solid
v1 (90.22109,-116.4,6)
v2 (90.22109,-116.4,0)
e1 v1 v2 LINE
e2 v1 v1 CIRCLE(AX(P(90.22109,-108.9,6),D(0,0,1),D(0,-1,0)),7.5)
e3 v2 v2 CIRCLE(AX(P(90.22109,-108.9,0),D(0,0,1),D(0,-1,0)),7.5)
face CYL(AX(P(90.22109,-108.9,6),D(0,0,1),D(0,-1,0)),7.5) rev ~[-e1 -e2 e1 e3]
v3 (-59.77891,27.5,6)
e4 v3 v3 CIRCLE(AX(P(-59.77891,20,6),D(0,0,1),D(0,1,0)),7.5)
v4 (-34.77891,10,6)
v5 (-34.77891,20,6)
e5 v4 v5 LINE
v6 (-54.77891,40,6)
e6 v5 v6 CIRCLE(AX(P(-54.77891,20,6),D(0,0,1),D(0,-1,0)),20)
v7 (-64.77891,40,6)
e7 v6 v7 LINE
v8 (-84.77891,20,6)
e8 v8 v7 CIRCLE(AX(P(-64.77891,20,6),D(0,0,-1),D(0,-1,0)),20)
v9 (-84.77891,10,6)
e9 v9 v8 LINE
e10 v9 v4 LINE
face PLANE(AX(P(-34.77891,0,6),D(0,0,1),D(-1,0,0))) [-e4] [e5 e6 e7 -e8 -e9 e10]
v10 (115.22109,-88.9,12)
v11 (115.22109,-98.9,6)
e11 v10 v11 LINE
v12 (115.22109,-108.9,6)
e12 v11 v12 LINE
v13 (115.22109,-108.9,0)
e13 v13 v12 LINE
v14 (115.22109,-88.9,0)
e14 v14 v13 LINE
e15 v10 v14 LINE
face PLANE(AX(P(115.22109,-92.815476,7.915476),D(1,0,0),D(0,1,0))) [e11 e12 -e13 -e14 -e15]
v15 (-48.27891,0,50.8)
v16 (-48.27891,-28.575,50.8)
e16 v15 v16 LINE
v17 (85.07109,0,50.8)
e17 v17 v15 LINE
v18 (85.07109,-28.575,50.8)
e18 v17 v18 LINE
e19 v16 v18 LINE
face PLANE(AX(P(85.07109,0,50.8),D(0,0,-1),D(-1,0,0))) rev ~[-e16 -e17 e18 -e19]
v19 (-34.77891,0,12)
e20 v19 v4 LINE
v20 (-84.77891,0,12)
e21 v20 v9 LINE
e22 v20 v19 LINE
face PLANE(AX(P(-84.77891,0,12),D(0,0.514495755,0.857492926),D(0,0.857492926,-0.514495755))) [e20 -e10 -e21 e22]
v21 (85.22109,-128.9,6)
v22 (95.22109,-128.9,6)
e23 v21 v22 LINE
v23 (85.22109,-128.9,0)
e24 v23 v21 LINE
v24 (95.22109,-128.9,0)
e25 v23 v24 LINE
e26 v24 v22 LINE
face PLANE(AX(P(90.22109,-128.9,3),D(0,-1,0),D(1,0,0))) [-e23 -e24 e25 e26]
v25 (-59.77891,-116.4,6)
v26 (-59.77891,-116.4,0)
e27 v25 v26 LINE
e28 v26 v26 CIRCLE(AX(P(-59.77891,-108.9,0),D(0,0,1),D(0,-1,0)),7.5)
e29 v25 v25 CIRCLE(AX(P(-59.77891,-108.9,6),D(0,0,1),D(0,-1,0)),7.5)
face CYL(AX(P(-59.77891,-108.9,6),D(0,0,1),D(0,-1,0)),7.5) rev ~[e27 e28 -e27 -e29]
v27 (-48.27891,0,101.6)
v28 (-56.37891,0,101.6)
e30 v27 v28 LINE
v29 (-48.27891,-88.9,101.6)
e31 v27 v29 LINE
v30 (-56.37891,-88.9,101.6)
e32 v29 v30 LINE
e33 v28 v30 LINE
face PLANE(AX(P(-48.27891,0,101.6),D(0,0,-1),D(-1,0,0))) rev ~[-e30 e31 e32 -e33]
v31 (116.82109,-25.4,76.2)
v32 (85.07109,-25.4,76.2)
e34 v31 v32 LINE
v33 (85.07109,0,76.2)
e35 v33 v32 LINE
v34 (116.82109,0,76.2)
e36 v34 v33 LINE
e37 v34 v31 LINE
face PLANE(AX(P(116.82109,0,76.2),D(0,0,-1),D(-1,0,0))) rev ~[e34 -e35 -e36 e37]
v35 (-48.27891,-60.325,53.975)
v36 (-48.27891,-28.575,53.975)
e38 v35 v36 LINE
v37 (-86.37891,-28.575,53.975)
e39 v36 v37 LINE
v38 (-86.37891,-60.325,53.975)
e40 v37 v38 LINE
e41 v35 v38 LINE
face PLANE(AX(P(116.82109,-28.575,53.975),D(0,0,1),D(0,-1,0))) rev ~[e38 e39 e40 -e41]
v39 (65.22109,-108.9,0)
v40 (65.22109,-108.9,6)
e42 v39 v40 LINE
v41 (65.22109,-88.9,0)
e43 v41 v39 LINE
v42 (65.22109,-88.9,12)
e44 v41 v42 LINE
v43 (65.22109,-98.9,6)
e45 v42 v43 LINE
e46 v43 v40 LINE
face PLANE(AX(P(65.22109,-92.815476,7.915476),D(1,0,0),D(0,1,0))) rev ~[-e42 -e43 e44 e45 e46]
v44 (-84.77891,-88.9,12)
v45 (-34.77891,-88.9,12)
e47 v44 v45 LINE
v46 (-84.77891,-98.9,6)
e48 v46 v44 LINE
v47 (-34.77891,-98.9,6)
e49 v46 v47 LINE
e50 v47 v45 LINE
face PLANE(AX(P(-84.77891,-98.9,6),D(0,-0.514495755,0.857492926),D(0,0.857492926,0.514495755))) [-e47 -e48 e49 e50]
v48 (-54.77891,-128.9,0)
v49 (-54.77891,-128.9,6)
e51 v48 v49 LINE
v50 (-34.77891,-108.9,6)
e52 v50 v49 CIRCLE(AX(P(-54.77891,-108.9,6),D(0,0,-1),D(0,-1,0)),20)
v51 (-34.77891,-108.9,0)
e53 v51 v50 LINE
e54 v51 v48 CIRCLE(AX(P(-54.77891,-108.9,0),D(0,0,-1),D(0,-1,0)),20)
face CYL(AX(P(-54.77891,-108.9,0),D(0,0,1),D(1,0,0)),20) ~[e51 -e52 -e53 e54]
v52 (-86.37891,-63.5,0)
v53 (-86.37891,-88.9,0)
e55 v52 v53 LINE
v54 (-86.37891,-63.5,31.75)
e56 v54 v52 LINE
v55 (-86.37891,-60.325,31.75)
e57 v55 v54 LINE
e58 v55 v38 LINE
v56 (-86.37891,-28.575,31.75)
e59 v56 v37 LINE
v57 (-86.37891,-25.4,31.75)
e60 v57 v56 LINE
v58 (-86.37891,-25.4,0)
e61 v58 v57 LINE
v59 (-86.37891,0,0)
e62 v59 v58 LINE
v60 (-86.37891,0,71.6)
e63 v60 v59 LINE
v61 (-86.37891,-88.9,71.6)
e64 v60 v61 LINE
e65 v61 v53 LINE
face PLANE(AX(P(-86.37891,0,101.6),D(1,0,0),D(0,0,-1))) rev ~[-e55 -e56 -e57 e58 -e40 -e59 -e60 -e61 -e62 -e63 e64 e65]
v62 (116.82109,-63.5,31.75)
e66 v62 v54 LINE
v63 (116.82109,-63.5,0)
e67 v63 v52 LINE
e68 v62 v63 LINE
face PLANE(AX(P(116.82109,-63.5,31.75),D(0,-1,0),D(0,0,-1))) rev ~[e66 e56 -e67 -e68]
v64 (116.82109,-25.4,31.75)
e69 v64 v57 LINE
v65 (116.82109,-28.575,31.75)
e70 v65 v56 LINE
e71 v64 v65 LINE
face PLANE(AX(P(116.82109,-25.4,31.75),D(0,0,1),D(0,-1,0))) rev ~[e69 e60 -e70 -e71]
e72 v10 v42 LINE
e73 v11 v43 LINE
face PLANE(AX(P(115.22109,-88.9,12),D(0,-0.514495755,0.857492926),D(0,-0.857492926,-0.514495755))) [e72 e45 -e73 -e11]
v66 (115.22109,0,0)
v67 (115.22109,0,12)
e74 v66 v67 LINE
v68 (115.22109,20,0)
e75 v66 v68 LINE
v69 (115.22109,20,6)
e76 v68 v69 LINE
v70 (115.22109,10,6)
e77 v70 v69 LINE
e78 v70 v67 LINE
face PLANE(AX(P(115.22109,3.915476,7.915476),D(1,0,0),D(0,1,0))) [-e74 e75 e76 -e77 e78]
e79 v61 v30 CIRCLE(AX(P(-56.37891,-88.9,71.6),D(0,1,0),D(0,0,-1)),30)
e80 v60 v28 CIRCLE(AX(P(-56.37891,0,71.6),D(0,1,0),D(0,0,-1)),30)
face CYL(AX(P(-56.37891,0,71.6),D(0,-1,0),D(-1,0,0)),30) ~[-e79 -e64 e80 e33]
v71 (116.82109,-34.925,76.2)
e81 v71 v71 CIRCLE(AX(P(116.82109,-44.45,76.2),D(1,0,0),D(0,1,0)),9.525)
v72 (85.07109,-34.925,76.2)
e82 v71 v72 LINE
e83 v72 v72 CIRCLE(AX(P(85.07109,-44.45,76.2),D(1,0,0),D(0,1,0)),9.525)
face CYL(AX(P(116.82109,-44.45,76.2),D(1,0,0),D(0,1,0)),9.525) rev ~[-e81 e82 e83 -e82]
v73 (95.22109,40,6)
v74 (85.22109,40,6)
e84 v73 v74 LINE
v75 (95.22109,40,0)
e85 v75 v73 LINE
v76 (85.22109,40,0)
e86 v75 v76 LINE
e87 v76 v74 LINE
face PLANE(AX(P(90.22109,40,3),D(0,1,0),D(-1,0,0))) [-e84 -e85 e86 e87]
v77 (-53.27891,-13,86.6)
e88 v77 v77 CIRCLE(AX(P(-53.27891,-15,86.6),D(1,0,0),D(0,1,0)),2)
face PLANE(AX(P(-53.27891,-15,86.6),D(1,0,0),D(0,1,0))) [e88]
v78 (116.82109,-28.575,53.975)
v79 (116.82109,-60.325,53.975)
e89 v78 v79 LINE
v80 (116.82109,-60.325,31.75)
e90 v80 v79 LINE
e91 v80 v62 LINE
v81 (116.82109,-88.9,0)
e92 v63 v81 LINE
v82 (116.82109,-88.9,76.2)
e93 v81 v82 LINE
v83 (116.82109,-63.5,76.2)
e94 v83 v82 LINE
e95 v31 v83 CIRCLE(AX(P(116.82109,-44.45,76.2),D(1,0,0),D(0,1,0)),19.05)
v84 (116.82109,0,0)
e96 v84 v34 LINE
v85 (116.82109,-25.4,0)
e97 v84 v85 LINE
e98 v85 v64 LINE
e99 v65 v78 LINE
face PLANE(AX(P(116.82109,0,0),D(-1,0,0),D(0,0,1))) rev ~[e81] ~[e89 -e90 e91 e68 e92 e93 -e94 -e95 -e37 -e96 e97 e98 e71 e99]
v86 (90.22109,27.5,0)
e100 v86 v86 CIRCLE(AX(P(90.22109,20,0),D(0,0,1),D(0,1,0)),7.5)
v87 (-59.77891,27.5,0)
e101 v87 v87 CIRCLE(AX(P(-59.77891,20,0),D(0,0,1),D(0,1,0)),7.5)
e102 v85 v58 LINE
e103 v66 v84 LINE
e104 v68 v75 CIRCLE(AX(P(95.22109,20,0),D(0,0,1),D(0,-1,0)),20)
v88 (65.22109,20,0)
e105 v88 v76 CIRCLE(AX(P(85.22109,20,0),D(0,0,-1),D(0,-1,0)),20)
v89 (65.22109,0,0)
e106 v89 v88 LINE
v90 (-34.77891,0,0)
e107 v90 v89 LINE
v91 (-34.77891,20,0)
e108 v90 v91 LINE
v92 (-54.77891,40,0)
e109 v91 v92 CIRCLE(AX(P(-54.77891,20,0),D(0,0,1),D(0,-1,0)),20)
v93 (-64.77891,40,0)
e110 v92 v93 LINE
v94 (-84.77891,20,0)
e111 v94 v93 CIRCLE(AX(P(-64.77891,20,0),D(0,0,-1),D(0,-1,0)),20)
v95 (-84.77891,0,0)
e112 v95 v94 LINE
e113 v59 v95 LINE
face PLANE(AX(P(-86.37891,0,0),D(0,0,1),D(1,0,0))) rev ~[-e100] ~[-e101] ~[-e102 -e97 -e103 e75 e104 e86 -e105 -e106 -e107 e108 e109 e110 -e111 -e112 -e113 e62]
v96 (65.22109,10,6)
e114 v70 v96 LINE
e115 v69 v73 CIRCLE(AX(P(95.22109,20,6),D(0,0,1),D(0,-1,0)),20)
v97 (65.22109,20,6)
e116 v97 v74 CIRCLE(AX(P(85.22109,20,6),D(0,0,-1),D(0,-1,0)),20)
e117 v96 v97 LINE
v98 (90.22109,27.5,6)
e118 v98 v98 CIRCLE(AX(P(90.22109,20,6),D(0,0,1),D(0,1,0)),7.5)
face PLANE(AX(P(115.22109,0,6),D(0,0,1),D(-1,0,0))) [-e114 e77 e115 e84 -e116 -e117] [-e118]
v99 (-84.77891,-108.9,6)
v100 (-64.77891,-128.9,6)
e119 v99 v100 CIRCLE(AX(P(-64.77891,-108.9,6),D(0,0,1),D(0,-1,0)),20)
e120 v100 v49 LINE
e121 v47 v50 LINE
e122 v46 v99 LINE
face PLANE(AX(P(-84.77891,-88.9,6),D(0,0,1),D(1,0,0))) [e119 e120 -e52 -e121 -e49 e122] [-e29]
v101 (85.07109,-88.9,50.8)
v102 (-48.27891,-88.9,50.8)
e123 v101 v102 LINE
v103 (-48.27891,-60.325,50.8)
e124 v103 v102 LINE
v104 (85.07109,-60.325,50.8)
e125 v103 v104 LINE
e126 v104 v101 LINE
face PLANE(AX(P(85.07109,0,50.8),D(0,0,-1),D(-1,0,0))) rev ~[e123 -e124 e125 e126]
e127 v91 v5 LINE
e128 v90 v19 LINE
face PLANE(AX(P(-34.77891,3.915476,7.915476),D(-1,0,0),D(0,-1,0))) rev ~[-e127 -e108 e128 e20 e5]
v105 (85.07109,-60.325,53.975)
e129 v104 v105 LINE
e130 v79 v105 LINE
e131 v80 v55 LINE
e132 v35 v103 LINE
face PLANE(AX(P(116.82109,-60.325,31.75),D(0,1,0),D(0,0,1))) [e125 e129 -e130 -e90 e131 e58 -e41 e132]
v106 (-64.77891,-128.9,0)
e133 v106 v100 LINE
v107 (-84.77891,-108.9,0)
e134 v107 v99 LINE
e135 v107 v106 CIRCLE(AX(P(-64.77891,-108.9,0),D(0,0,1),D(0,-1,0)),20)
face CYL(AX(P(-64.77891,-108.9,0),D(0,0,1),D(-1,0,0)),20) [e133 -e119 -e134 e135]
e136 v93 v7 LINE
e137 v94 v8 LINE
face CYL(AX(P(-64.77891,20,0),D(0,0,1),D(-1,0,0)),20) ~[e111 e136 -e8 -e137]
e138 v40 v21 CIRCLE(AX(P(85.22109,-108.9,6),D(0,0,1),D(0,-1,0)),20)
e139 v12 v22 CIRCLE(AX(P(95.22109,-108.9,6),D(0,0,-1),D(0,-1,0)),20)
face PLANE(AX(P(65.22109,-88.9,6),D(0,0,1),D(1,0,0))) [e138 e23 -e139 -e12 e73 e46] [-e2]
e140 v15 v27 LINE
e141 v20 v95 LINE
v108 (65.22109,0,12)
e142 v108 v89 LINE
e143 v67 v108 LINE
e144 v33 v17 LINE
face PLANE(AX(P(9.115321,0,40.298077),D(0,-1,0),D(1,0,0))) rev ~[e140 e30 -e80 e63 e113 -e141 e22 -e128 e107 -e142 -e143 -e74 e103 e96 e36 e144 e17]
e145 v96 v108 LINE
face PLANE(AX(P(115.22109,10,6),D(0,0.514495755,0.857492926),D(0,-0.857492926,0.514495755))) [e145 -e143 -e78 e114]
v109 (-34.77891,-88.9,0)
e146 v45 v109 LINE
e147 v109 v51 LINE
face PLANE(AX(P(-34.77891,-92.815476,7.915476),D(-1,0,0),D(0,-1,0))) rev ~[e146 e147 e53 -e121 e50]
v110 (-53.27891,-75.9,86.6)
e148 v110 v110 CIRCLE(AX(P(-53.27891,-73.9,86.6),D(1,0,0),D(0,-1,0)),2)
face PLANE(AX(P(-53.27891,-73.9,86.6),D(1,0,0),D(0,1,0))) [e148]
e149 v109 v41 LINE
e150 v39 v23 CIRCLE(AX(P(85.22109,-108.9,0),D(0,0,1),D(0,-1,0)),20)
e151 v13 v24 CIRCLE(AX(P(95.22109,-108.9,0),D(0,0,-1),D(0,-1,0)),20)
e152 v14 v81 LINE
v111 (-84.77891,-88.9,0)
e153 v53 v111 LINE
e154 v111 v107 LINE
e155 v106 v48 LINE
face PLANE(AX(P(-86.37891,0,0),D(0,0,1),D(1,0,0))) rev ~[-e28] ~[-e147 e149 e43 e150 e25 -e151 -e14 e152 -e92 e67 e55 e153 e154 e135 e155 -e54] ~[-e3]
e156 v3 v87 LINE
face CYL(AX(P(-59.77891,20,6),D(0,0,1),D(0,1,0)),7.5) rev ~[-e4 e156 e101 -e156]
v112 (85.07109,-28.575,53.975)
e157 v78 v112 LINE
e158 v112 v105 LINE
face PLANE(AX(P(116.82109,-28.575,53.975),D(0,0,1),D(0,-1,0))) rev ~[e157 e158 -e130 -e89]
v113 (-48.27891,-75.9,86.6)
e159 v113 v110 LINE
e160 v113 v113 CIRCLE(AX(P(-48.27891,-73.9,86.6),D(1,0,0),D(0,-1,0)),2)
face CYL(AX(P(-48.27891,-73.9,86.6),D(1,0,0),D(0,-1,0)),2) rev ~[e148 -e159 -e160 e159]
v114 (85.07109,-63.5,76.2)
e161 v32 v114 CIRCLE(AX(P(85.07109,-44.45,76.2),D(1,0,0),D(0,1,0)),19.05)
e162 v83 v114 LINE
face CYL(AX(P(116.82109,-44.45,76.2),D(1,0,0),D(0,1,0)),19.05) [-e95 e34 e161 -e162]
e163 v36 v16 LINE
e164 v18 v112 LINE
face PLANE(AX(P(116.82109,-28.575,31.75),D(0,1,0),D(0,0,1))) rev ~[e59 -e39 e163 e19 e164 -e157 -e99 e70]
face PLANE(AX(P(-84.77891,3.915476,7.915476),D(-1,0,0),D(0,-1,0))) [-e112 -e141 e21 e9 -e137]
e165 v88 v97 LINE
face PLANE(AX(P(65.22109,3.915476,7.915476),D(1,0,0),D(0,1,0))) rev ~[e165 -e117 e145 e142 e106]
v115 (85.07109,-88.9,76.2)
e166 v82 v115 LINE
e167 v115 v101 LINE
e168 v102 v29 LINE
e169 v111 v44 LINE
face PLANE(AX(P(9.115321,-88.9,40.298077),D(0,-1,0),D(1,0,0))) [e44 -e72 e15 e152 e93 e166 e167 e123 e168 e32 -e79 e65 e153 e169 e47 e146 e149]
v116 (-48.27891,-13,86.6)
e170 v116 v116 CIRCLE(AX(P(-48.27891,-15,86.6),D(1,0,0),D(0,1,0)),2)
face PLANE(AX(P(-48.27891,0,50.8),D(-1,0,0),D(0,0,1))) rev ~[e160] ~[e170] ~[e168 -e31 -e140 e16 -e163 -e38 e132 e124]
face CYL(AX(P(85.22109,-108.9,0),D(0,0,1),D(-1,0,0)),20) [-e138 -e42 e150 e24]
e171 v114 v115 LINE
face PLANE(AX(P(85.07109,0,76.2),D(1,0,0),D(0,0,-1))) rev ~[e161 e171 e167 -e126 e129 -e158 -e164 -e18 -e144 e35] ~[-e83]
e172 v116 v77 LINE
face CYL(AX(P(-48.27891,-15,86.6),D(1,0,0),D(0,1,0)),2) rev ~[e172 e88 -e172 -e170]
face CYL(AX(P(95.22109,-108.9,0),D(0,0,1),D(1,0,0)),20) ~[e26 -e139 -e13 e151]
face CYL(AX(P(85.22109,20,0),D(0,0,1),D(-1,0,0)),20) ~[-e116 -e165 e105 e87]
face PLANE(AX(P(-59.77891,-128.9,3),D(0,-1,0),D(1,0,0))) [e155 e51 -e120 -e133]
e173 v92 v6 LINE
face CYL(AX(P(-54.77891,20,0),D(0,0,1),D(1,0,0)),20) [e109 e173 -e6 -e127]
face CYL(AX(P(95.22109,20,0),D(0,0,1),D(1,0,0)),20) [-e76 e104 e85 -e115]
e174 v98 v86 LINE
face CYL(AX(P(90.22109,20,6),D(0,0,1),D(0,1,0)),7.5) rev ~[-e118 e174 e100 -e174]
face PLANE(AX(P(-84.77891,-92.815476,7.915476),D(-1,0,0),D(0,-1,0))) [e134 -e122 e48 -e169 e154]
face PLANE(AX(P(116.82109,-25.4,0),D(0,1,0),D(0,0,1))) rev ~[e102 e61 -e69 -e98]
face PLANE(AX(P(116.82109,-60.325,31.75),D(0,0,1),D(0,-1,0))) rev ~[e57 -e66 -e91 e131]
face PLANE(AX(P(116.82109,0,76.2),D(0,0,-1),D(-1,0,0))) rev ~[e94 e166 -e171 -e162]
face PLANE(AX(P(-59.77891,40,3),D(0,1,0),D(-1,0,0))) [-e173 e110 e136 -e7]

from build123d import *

# Parameters (mm, degrees)
F1_DEPTH  = 88.9
F2_R      = 30
F4_DEPTH  = 31.75
F5_R      = 7.9375
F6_DEPTH  = 55
F7_W      = 15.875
F7_H      = 22.225
F8_DEPTH  = 265
F9_W      = 50
F9_H      = 6
F10_DEPTH = 40
F11_R     = 20
F12_W     = 50
F12_H     = 6
F13_DEPTH = 40
F14_R     = 20
F16_DEPTH = 25
F18_DEPTH = 25
F20_DEPTH = 25
F22_DEPTH = 25
F24_DEPTH = 50
F26_DEPTH = 50
F28_DEPTH = 50
F30_DEPTH = 50
F31_R     = 2
F32_DEPTH = 5
F33_R     = 9.525
F33_R_2   = 7.9375
F34_DEPTH = 78.1


with BuildPart() as f1:
    # F0 (on Front) → F1 (new body)
    with BuildSketch(Plane.XZ):
        Polygon((-86.3789096475, 101.6), (-86.3789096475, 0), (116.8210903525, 0), (116.8210903525, 76.2), (85.0710903525, 76.2), (85.0710903525, 50.8), (-48.2789096475, 50.8), (-48.2789096475, 101.6), align=None)
    extrude(amount=F1_DEPTH)

    # F2
    f2_edges = [f1.edges().sort_by_distance(p)[0] for p in [
        (-86.37891, -44.45, 101.6),
    ]]
    fillet(f2_edges, radius=F2_R)

    # F3 (on face) → F4 (join)
    with BuildSketch(Plane.YZ.offset(116.8210903525)):
        with BuildLine():
            Line((-63.5, 76.2), (-25.4, 76.2))
            ThreePointArc((-25.4, 76.2), (-44.45, 95.25), (-63.5, 76.2))
        make_face()
    extrude(amount=-F4_DEPTH)

    # F5 (on face) → F6 (cut)
    with BuildSketch(Plane.YZ.offset(116.8210903525)):
        with Locations((-44.45, 76.2)):
            Circle(F5_R)
    extrude(amount=-F6_DEPTH, mode=Mode.SUBTRACT)

    # F7 (on face) → F8 (cut)
    with BuildSketch(Plane.YZ.offset(116.8210903525)):
        Polygon((-63.5, 0), (-44.45, 0), (-25.4, 0), (-25.4, 31.75), (-28.575, 31.75), (-44.45, 31.75), (-60.325, 31.75), (-63.5, 31.75), align=None)
        with Locations((-52.3875, 42.8625)):
            Rectangle(F7_W, F7_H)
        with Locations((-36.5125, 42.8625)):
            Rectangle(F7_W, F7_H)
    extrude(amount=-F8_DEPTH, mode=Mode.SUBTRACT)

    # F9 (on face) → F10 (join)
    with BuildSketch(Plane.XZ.offset(88.9)):
        with Locations((-59.7789096475, 3)):
            Rectangle(F9_W, F9_H)
        with Locations((90.2210903525, 3)):
            Rectangle(F9_W, F9_H)
    extrude(amount=F10_DEPTH)

    # F11
    f11_edges = [f1.edges().sort_by_distance(p)[0] for p in [
        (-84.77891, -128.9, 3),
        (-34.77891, -128.9, 3),
        (65.22109, -128.9, 3),
        (115.22109, -128.9, 3),
    ]]
    fillet(f11_edges, radius=F11_R)

    # F12 (on face) → F13 (join)
    with BuildSketch(Plane(origin=(0, 0, 0), x_dir=(-1, 0, 0), z_dir=(0, 1, 0))):
        with Locations((-90.2210903525, 3)):
            Rectangle(F12_W, F12_H)
        with Locations((59.7789096475, 3)):
            Rectangle(F12_W, F12_H)
    extrude(amount=F13_DEPTH)

    # F14
    f14_edges = [f1.edges().sort_by_distance(p)[0] for p in [
        (115.22109, 40, 3),
        (65.22109, 40, 3),
        (-34.77891, 40, 3),
        (-84.77891, 40, 3),
    ]]
    fillet(f14_edges, radius=F14_R)

    # F15 (on face) → F16 (cut)
    with BuildSketch(Plane.XY.offset(6)):
        with BuildLine():
            ThreePointArc((97.7210903525, 20), (95.5243912114, 25.3033008589), (90.2210903525, 27.5))
            ThreePointArc((90.2210903525, 27.5), (84.9177894936, 14.6966991411), (97.7210903525, 20))
        make_face()
    extrude(amount=-F16_DEPTH, mode=Mode.SUBTRACT)

    # F17 (on face) → F18 (cut)
    with BuildSketch(Plane.XY.offset(6)):
        with BuildLine():
            ThreePointArc((-52.2789096475, 20), (-54.4756087886, 25.3033008589), (-59.7789096475, 27.5))
            ThreePointArc((-59.7789096475, 27.5), (-65.0822105064, 14.6966991411), (-52.2789096475, 20))
        make_face()
    extrude(amount=-F18_DEPTH, mode=Mode.SUBTRACT)

    # F19 (on face) → F20 (cut)
    with BuildSketch(Plane.XY.offset(6)):
        with BuildLine():
            ThreePointArc((-52.2789096475, -108.9), (-65.0822105064, -103.5966991411), (-59.7789096475, -116.4))
            ThreePointArc((-59.7789096475, -116.4), (-54.4756087886, -114.2033008589), (-52.2789096475, -108.9))
        make_face()
    extrude(amount=-F20_DEPTH, mode=Mode.SUBTRACT)

    # F21 (on face) → F22 (cut)
    with BuildSketch(Plane.XY.offset(6)):
        with BuildLine():
            ThreePointArc((97.7210903525, -108.9), (84.9177894936, -103.5966991411), (90.2210903525, -116.4))
            ThreePointArc((90.2210903525, -116.4), (95.5243912114, -114.2033008589), (97.7210903525, -108.9))
        make_face()
    extrude(amount=-F22_DEPTH, mode=Mode.SUBTRACT)

    # F23 (on face) → F24 (join)
    with BuildSketch(Plane(origin=(-84.7789096475, 0, 0), x_dir=(0, -1, 0), z_dir=(-1, 0, 0))):
        Polygon((88.9, 6), (98.9, 6), (88.9, 12), align=None)
    extrude(amount=-F24_DEPTH)

    # F25 (on face) → F26 (join)
    with BuildSketch(Plane.YZ.offset(115.2210903525)):
        Polygon((-88.9, 12), (-98.9, 6), (-88.9, 6), align=None)
    extrude(amount=-F26_DEPTH)

    # F27 (on face) → F28 (join)
    with BuildSketch(Plane.YZ.offset(115.2210903525)):
        Polygon((0, 6), (10, 6), (0, 12), align=None)
    extrude(amount=-F28_DEPTH)

    # F29 (on face) → F30 (join)
    with BuildSketch(Plane(origin=(-84.7789096475, 0, 0), x_dir=(0, -1, 0), z_dir=(-1, 0, 0))):
        Polygon((0, 12), (-10, 6), (0, 6), align=None)
    extrude(amount=-F30_DEPTH)

    # F31 (on face) → F32 (cut)
    with BuildSketch(Plane.YZ.offset(-48.2789096475)):
        with BuildLine():
            ThreePointArc((-71.9, 86.6), (-73.9, 88.6), (-75.9, 86.6))
            ThreePointArc((-75.9, 86.6), (-73.9, 84.6), (-71.9, 86.6))
        make_face()
        with Locations((-15, 86.6)):
            Circle(F31_R)
    extrude(amount=-F32_DEPTH, mode=Mode.SUBTRACT)

    # F33 (on face) → F34 (cut)
    with BuildSketch(Plane.YZ.offset(116.8210903525)):
        with Locations((-44.45, 76.2)):
            Circle(F33_R)
        with Locations((-44.45, 76.2)):
            Circle(F33_R_2, mode=Mode.SUBTRACT)
    extrude(amount=-F34_DEPTH, mode=Mode.SUBTRACT)


solid = f1.part
